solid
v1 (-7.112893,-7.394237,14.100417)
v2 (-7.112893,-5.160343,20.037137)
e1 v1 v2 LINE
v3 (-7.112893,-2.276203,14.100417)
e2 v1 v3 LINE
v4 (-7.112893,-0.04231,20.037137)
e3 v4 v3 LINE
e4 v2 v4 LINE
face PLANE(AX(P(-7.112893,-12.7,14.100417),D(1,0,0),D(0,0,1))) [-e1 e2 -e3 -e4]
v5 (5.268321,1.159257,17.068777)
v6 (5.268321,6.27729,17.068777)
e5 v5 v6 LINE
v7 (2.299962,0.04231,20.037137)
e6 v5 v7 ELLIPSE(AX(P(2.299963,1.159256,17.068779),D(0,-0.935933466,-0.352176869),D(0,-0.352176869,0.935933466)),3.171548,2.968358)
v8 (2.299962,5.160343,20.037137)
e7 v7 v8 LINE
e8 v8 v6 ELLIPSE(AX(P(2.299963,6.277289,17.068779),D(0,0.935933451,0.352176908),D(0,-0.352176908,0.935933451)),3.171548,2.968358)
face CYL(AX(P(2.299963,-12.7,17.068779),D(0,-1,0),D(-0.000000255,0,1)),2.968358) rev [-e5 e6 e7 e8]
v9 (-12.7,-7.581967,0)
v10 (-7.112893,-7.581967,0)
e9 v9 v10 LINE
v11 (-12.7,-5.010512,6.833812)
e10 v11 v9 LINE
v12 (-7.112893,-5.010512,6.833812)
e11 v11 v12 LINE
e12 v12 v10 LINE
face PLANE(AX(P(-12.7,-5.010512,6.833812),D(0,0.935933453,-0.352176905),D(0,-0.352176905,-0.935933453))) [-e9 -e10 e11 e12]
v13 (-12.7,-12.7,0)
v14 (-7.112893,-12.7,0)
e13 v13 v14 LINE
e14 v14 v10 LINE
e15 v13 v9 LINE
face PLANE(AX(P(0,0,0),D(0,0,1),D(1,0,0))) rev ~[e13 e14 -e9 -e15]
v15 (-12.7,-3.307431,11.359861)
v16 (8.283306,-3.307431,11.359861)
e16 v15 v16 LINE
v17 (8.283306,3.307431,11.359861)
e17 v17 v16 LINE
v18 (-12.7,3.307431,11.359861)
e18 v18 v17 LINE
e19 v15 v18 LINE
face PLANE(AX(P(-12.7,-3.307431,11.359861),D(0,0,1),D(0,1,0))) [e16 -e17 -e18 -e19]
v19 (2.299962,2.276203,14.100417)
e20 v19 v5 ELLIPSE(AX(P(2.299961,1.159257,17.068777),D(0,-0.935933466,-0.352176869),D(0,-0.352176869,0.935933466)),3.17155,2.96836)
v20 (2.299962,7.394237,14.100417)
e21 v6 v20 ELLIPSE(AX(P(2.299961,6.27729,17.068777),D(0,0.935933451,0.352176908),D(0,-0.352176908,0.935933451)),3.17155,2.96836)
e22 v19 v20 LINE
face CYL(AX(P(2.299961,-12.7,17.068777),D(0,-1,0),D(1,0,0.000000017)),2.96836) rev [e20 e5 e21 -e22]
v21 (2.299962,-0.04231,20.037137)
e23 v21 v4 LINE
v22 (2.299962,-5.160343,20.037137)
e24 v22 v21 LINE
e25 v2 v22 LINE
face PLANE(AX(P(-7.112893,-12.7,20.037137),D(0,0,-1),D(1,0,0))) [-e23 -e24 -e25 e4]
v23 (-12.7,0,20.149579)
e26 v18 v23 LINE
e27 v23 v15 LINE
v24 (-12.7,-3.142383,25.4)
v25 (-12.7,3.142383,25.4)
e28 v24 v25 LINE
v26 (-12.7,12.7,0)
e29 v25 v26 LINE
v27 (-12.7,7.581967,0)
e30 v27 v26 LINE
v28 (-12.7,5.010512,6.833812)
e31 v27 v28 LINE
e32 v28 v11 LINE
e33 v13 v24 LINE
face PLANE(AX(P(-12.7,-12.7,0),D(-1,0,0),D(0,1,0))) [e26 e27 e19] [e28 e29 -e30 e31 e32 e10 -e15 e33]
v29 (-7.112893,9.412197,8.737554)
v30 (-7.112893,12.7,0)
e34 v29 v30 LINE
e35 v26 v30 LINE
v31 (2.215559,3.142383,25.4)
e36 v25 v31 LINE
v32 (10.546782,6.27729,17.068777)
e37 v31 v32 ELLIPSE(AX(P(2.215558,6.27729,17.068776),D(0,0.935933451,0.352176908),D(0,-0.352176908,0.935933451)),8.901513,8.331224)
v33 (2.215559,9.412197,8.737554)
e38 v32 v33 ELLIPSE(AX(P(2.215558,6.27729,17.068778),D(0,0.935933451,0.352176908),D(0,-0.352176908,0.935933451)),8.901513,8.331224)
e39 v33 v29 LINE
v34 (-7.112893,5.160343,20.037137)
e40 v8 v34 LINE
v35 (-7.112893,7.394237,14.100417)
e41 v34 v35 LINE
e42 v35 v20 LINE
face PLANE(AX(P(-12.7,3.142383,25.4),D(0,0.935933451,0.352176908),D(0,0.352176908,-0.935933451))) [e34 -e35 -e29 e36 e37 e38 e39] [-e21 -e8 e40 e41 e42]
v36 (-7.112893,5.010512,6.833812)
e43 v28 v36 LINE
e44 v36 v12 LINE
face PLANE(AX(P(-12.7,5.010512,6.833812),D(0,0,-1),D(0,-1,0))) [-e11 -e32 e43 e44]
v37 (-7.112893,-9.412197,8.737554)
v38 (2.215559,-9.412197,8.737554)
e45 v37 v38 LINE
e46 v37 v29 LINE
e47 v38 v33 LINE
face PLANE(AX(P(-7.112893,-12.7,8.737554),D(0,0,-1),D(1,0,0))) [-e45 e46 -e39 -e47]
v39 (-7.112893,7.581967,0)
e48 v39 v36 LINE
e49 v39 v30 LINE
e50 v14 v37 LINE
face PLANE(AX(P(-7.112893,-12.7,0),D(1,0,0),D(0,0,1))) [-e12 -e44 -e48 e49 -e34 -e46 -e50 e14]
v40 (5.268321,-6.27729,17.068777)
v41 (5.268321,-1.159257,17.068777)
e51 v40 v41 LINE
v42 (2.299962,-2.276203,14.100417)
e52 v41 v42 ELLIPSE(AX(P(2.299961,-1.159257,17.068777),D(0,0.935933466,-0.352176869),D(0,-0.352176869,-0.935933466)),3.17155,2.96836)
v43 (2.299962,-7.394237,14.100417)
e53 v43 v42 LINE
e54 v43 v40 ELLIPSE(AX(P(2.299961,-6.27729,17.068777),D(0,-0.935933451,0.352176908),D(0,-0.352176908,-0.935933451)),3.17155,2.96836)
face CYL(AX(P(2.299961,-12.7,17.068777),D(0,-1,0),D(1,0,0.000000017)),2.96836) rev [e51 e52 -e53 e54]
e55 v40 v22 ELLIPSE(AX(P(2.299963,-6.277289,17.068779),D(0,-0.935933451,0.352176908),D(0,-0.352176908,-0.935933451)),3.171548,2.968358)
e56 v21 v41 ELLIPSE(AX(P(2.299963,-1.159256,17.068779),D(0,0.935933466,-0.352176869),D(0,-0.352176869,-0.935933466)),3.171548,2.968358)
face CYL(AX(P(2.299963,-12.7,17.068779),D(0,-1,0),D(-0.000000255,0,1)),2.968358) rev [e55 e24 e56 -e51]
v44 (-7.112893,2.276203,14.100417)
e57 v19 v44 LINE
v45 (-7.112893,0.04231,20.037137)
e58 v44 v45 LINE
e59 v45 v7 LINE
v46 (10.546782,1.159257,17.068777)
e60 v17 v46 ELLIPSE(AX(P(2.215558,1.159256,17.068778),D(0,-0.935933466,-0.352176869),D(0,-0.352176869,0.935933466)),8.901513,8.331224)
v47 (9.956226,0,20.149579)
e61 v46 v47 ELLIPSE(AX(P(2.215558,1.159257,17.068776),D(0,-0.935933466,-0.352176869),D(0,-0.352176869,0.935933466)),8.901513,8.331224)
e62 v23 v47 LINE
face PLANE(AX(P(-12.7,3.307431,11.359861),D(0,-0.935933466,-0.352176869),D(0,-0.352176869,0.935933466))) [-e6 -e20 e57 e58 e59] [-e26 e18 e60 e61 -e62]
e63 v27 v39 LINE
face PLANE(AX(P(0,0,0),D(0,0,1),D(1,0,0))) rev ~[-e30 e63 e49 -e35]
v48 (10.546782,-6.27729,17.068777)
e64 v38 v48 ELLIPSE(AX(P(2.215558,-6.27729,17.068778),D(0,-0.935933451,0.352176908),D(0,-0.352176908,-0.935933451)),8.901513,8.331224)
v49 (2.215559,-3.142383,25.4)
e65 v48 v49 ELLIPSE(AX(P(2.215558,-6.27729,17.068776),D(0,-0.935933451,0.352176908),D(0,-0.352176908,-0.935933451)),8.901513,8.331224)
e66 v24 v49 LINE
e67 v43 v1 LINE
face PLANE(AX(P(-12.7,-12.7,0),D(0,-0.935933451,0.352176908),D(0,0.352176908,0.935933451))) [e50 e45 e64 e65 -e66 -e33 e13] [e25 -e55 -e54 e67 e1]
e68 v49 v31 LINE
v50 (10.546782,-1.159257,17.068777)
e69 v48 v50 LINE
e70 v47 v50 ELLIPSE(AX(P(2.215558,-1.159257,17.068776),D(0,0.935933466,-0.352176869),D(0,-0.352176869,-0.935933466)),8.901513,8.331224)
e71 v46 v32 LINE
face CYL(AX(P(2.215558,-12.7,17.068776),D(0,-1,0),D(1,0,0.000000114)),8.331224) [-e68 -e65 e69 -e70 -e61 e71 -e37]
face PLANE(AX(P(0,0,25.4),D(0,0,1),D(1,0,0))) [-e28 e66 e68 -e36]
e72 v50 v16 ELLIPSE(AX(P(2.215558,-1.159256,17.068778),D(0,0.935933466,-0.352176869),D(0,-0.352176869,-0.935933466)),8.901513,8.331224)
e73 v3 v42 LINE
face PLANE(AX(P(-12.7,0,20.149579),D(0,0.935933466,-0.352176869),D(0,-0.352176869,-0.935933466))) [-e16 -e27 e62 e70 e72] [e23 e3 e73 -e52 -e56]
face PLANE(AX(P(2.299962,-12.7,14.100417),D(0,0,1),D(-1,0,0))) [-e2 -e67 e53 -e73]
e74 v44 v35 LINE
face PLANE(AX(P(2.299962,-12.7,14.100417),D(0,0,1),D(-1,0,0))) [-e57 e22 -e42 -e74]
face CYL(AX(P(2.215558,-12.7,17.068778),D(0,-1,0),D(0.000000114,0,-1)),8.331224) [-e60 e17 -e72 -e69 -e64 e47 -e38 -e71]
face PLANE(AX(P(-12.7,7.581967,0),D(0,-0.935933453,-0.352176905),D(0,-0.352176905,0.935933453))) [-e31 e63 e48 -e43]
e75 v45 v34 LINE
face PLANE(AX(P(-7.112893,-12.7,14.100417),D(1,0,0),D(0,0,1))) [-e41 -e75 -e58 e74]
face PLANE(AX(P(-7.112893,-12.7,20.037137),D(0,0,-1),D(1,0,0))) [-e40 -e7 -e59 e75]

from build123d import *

# Parameters (mm, degrees)
F0_W     = 25.4
F0_H     = 25.4
F1_DEPTH = 25.4
F5_DEPTH = 25.401
F6_DEPTH = 25.401


with BuildPart() as f1:
    # F0 (on Top) → F1 (new body)
    with BuildSketch(Plane.XY):
        Rectangle(F0_W, F0_H)
    extrude(amount=F1_DEPTH)

    # F3 (on face) → F5 (intersect, through all)
    with BuildSketch(Plane(origin=(-12.7, 0, 0), x_dir=(0, -1, 0), z_dir=(-1, 0, 0))):
        Polygon((3.142383, 25.4), (0, 25.4), (-3.142383, 25.4), (-12.7, 0), (-7.581967, 0), (-5.010512, 6.833812), (0, 6.833812), (5.010512, 6.833812), (7.581967, 0), (12.7, 0), align=None)
        Polygon((-3.307431, 11.359861), (0, 20.149579), (3.307431, 11.359861), (0, 11.359861), align=None, mode=Mode.SUBTRACT)
    extrude(amount=-F5_DEPTH, mode=Mode.INTERSECT)

    # F4 (on face) → F6 (intersect, through all)
    with BuildSketch(Plane.XZ.offset(12.7)):
        with BuildLine():
            Line((-7.112893, 25.4), (-12.7, 25.4))
            Line((-12.7, 25.4), (-12.7, 0))
            Line((-12.7, 0), (-7.112893, 0))
            Line((-7.112893, 0), (-7.112893, 8.737554))
            Line((-7.112893, 8.737554), (2.215559, 8.737554))
            ThreePointArc((2.215559, 8.737554), (-2.51092, 10.208043), (-5.56892, 14.100417))
            Line((-5.56892, 14.100417), (-7.112893, 14.100417))
            Line((-7.112893, 14.100417), (-7.112893, 20.037137))
            Line((-7.112893, 20.037137), (-5.56892, 20.037137))
            ThreePointArc((-5.56892, 20.037137), (-2.51092, 23.929511), (2.215559, 25.4))
            Line((2.215559, 25.4), (-7.112893, 25.4))
        make_face()
        with BuildLine():
            ThreePointArc((10.546782, 17.068777), (8.106623, 22.959841), (2.215559, 25.4))
            ThreePointArc((2.215559, 25.4), (-2.51092, 23.929511), (-5.56892, 20.037137))
            Line((-5.56892, 20.037137), (2.299962, 20.037137))
            ThreePointArc((2.299962, 20.037137), (4.398909, 19.167725), (5.268321, 17.068777))
            ThreePointArc((5.268321, 17.068777), (4.398909, 14.96983), (2.299962, 14.100417))
            Line((2.299962, 14.100417), (-5.56892, 14.100417))
            ThreePointArc((-5.56892, 14.100417), (-2.51092, 10.208043), (2.215559, 8.737554))
            ThreePointArc((2.215559, 8.737554), (8.106623, 11.177713), (10.546782, 17.068777))
        make_face()
    extrude(amount=-F6_DEPTH, mode=Mode.INTERSECT)


solid = f1.part
